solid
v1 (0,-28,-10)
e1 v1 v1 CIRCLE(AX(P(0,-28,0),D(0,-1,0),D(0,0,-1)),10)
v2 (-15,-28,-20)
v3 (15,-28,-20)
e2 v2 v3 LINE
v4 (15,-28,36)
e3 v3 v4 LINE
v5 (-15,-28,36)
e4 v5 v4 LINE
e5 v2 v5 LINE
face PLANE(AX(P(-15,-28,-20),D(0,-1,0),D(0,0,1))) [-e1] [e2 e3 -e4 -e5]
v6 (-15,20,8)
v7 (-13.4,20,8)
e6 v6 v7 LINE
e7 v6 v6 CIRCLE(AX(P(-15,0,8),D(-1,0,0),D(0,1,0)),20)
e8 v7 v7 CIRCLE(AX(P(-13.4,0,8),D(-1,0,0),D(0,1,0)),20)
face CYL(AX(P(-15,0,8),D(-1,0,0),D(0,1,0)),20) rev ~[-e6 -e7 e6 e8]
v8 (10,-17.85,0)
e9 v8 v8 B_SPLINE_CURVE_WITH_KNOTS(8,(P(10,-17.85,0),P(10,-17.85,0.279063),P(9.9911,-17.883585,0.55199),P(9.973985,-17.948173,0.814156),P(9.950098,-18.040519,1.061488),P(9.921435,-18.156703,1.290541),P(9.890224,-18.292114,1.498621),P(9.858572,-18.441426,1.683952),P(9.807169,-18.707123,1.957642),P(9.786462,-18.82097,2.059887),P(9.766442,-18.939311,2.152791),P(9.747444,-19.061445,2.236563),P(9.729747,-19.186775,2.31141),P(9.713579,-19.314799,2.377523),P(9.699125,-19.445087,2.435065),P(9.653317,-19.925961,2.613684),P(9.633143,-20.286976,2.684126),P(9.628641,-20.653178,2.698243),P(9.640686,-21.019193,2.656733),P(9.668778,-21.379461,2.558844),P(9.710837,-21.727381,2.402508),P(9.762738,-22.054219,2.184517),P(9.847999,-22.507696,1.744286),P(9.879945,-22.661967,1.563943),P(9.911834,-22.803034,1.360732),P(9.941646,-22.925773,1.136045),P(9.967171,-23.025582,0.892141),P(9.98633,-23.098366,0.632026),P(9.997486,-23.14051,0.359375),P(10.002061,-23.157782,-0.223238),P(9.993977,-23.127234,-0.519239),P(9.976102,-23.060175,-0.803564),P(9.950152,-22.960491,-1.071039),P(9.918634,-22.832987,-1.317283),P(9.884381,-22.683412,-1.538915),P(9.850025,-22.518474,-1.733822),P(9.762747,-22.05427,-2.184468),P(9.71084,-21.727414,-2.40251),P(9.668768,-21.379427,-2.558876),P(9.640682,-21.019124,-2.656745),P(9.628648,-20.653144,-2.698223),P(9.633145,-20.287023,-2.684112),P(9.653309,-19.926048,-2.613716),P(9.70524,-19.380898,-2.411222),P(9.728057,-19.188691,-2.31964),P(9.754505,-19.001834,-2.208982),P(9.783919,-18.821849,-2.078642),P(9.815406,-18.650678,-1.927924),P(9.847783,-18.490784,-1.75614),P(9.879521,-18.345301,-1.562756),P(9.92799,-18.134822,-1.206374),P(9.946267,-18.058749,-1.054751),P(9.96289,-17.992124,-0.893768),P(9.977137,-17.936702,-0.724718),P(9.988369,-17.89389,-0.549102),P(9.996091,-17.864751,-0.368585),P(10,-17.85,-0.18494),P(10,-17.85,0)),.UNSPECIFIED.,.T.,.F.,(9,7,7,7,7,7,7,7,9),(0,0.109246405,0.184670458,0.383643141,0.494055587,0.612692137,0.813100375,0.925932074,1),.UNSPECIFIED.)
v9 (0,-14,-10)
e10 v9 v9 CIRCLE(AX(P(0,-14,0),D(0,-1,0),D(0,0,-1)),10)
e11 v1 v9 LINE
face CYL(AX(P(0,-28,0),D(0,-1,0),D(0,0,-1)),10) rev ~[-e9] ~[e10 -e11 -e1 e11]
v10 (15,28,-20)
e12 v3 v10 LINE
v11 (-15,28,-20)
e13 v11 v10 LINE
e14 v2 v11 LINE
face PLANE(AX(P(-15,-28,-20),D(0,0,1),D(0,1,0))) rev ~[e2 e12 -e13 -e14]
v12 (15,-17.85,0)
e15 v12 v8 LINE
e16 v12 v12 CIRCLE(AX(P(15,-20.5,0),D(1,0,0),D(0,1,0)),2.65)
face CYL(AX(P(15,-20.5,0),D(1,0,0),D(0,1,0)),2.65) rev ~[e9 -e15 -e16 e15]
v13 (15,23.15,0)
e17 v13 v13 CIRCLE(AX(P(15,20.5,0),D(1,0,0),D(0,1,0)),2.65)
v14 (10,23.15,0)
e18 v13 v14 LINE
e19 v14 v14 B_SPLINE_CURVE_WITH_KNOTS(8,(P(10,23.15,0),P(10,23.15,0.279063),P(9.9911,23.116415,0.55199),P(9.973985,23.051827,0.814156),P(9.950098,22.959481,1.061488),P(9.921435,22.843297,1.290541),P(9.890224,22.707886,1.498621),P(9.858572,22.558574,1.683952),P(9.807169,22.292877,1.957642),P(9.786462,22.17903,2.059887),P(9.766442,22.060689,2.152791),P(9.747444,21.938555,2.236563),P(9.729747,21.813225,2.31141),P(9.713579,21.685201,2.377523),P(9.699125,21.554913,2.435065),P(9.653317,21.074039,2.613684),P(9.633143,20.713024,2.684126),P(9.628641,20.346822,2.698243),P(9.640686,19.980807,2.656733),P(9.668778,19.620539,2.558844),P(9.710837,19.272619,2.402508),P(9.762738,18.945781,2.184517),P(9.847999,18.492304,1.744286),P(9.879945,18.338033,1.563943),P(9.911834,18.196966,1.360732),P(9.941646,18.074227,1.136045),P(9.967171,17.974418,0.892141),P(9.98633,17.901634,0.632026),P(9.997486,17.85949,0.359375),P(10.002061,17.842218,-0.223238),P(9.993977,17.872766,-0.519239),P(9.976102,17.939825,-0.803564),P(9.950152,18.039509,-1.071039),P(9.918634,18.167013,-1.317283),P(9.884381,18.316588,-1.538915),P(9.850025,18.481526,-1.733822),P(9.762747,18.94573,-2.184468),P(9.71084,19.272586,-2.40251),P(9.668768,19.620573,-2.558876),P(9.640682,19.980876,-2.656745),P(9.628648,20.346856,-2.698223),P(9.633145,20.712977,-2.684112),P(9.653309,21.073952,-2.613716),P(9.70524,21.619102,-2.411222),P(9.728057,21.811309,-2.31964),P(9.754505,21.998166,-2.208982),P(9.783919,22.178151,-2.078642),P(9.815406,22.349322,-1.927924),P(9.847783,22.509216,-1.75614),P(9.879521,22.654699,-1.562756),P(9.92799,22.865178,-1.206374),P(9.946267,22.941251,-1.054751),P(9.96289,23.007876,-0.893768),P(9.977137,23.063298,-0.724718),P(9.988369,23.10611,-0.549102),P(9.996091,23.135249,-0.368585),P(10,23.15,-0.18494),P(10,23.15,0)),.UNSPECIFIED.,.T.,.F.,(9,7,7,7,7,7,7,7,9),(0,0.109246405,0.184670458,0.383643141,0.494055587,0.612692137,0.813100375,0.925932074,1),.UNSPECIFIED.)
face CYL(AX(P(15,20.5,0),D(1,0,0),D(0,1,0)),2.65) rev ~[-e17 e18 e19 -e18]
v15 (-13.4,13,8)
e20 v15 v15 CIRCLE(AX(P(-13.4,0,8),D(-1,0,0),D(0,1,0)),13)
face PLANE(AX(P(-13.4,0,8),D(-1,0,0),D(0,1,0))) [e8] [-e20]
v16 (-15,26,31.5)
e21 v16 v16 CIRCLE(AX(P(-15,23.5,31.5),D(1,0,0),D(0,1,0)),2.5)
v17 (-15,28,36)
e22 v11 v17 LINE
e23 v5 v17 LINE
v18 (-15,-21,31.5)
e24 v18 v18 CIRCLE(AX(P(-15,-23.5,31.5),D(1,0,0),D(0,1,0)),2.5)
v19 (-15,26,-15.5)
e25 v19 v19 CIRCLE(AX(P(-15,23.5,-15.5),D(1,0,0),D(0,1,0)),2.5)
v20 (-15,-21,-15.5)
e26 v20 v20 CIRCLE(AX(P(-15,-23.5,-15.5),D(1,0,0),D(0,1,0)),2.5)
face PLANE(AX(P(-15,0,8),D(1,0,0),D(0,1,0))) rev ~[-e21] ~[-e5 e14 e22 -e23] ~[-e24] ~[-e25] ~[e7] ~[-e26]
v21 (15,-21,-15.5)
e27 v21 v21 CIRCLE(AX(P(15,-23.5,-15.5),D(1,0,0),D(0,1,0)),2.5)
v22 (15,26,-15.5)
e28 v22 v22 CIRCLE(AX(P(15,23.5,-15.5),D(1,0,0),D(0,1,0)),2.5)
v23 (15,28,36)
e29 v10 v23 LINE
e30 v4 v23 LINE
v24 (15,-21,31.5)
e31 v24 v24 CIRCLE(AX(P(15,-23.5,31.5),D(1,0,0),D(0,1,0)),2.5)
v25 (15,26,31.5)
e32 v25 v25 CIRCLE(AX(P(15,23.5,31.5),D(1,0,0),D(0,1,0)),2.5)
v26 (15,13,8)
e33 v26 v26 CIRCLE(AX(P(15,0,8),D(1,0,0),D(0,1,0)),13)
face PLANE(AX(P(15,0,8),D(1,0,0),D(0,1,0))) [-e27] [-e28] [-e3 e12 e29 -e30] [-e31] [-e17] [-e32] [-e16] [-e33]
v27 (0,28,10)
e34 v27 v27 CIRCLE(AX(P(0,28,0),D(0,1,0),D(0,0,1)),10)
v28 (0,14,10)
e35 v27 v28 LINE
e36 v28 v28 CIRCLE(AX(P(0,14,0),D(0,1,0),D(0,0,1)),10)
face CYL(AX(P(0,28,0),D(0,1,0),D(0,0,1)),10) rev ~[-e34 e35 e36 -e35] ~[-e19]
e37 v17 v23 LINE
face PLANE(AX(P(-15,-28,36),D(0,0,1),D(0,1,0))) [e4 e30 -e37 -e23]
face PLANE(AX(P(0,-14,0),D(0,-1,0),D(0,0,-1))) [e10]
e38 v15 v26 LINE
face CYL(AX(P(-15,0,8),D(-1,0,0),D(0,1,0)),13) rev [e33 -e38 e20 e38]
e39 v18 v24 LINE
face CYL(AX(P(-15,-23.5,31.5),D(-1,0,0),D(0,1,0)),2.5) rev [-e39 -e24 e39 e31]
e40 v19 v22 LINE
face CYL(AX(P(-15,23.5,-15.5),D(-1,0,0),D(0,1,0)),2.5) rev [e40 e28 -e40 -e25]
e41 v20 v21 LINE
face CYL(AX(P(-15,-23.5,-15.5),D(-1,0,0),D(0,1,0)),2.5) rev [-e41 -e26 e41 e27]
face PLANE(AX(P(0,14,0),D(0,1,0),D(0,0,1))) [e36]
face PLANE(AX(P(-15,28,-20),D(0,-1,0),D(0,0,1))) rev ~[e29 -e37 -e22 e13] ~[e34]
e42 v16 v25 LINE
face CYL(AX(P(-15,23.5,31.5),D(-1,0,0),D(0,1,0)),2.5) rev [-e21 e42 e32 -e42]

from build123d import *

# Parameters (mm, degrees)
SKETCH067_W     = 56
SKETCH067_H     = 56
SKETCH067_R     = 2.5
SKETCH067_R_2   = 13
PAD053_DEPTH    = 30
SKETCH068_R     = 10
POCKET007_DEPTH = 14
SKETCH069_R     = 2.65
POCKET008_DEPTH = 7
SKETCH070_R     = 10
POCKET009_DEPTH = 14
SKETCH071_R     = 20
POCKET010_DEPTH = 1.6


with BuildPart() as part:
    # Sketch067 → Pad053 (new body)
    with BuildSketch(Plane.YZ):
        Rectangle(SKETCH067_W, SKETCH067_H)
        with Locations((-23.5, 23.5)):
            Circle(SKETCH067_R, mode=Mode.SUBTRACT)
        with Locations((23.5, 23.5)):
            Circle(SKETCH067_R, mode=Mode.SUBTRACT)
        with Locations((23.5, -23.5)):
            Circle(SKETCH067_R, mode=Mode.SUBTRACT)
        with Locations((-23.5, -23.5)):
            Circle(SKETCH067_R, mode=Mode.SUBTRACT)
        Circle(SKETCH067_R_2, mode=Mode.SUBTRACT)
    extrude(amount=PAD053_DEPTH)

    # Sketch068 (on Face4 of Pad053) → Pocket007 (cut)
    with BuildSketch(Plane(origin=(0, -28, 0), x_dir=(0, 0, -1), z_dir=(0, -1, 0))):
        with Locations((8, 15)):
            Circle(SKETCH068_R)
    extrude(amount=-POCKET007_DEPTH, mode=Mode.SUBTRACT)

    # Sketch069 (on Face5 of Pocket007) → Pocket008 (cut)
    with BuildSketch(Plane.YZ.offset(30)):
        with Locations((-20.5, -8)):
            Circle(SKETCH069_R)
        with Locations((20.5, -8)):
            Circle(SKETCH069_R)
    extrude(amount=-POCKET008_DEPTH, mode=Mode.SUBTRACT)

    # Sketch070 (on Face3 of Pocket008) → Pocket009 (cut)
    with BuildSketch(Plane.ZX.offset(28)):
        with Locations((-8, 15)):
            Circle(SKETCH070_R)
    extrude(amount=-POCKET009_DEPTH, mode=Mode.SUBTRACT)

    # Sketch071 (on Face4 of Pocket009) → Pocket010 (cut)
    with BuildSketch(Plane(origin=(0, 0, 0), x_dir=(0, 1, 0), z_dir=(-1, 0, 0))):
        Circle(SKETCH071_R)
    extrude(amount=-POCKET010_DEPTH, mode=Mode.SUBTRACT)


with BuildPart() as part_1:
    # Body040 placement: moved
    add(part.part.moved(Location((-15, 0, 8))))


solid = part_1.part
